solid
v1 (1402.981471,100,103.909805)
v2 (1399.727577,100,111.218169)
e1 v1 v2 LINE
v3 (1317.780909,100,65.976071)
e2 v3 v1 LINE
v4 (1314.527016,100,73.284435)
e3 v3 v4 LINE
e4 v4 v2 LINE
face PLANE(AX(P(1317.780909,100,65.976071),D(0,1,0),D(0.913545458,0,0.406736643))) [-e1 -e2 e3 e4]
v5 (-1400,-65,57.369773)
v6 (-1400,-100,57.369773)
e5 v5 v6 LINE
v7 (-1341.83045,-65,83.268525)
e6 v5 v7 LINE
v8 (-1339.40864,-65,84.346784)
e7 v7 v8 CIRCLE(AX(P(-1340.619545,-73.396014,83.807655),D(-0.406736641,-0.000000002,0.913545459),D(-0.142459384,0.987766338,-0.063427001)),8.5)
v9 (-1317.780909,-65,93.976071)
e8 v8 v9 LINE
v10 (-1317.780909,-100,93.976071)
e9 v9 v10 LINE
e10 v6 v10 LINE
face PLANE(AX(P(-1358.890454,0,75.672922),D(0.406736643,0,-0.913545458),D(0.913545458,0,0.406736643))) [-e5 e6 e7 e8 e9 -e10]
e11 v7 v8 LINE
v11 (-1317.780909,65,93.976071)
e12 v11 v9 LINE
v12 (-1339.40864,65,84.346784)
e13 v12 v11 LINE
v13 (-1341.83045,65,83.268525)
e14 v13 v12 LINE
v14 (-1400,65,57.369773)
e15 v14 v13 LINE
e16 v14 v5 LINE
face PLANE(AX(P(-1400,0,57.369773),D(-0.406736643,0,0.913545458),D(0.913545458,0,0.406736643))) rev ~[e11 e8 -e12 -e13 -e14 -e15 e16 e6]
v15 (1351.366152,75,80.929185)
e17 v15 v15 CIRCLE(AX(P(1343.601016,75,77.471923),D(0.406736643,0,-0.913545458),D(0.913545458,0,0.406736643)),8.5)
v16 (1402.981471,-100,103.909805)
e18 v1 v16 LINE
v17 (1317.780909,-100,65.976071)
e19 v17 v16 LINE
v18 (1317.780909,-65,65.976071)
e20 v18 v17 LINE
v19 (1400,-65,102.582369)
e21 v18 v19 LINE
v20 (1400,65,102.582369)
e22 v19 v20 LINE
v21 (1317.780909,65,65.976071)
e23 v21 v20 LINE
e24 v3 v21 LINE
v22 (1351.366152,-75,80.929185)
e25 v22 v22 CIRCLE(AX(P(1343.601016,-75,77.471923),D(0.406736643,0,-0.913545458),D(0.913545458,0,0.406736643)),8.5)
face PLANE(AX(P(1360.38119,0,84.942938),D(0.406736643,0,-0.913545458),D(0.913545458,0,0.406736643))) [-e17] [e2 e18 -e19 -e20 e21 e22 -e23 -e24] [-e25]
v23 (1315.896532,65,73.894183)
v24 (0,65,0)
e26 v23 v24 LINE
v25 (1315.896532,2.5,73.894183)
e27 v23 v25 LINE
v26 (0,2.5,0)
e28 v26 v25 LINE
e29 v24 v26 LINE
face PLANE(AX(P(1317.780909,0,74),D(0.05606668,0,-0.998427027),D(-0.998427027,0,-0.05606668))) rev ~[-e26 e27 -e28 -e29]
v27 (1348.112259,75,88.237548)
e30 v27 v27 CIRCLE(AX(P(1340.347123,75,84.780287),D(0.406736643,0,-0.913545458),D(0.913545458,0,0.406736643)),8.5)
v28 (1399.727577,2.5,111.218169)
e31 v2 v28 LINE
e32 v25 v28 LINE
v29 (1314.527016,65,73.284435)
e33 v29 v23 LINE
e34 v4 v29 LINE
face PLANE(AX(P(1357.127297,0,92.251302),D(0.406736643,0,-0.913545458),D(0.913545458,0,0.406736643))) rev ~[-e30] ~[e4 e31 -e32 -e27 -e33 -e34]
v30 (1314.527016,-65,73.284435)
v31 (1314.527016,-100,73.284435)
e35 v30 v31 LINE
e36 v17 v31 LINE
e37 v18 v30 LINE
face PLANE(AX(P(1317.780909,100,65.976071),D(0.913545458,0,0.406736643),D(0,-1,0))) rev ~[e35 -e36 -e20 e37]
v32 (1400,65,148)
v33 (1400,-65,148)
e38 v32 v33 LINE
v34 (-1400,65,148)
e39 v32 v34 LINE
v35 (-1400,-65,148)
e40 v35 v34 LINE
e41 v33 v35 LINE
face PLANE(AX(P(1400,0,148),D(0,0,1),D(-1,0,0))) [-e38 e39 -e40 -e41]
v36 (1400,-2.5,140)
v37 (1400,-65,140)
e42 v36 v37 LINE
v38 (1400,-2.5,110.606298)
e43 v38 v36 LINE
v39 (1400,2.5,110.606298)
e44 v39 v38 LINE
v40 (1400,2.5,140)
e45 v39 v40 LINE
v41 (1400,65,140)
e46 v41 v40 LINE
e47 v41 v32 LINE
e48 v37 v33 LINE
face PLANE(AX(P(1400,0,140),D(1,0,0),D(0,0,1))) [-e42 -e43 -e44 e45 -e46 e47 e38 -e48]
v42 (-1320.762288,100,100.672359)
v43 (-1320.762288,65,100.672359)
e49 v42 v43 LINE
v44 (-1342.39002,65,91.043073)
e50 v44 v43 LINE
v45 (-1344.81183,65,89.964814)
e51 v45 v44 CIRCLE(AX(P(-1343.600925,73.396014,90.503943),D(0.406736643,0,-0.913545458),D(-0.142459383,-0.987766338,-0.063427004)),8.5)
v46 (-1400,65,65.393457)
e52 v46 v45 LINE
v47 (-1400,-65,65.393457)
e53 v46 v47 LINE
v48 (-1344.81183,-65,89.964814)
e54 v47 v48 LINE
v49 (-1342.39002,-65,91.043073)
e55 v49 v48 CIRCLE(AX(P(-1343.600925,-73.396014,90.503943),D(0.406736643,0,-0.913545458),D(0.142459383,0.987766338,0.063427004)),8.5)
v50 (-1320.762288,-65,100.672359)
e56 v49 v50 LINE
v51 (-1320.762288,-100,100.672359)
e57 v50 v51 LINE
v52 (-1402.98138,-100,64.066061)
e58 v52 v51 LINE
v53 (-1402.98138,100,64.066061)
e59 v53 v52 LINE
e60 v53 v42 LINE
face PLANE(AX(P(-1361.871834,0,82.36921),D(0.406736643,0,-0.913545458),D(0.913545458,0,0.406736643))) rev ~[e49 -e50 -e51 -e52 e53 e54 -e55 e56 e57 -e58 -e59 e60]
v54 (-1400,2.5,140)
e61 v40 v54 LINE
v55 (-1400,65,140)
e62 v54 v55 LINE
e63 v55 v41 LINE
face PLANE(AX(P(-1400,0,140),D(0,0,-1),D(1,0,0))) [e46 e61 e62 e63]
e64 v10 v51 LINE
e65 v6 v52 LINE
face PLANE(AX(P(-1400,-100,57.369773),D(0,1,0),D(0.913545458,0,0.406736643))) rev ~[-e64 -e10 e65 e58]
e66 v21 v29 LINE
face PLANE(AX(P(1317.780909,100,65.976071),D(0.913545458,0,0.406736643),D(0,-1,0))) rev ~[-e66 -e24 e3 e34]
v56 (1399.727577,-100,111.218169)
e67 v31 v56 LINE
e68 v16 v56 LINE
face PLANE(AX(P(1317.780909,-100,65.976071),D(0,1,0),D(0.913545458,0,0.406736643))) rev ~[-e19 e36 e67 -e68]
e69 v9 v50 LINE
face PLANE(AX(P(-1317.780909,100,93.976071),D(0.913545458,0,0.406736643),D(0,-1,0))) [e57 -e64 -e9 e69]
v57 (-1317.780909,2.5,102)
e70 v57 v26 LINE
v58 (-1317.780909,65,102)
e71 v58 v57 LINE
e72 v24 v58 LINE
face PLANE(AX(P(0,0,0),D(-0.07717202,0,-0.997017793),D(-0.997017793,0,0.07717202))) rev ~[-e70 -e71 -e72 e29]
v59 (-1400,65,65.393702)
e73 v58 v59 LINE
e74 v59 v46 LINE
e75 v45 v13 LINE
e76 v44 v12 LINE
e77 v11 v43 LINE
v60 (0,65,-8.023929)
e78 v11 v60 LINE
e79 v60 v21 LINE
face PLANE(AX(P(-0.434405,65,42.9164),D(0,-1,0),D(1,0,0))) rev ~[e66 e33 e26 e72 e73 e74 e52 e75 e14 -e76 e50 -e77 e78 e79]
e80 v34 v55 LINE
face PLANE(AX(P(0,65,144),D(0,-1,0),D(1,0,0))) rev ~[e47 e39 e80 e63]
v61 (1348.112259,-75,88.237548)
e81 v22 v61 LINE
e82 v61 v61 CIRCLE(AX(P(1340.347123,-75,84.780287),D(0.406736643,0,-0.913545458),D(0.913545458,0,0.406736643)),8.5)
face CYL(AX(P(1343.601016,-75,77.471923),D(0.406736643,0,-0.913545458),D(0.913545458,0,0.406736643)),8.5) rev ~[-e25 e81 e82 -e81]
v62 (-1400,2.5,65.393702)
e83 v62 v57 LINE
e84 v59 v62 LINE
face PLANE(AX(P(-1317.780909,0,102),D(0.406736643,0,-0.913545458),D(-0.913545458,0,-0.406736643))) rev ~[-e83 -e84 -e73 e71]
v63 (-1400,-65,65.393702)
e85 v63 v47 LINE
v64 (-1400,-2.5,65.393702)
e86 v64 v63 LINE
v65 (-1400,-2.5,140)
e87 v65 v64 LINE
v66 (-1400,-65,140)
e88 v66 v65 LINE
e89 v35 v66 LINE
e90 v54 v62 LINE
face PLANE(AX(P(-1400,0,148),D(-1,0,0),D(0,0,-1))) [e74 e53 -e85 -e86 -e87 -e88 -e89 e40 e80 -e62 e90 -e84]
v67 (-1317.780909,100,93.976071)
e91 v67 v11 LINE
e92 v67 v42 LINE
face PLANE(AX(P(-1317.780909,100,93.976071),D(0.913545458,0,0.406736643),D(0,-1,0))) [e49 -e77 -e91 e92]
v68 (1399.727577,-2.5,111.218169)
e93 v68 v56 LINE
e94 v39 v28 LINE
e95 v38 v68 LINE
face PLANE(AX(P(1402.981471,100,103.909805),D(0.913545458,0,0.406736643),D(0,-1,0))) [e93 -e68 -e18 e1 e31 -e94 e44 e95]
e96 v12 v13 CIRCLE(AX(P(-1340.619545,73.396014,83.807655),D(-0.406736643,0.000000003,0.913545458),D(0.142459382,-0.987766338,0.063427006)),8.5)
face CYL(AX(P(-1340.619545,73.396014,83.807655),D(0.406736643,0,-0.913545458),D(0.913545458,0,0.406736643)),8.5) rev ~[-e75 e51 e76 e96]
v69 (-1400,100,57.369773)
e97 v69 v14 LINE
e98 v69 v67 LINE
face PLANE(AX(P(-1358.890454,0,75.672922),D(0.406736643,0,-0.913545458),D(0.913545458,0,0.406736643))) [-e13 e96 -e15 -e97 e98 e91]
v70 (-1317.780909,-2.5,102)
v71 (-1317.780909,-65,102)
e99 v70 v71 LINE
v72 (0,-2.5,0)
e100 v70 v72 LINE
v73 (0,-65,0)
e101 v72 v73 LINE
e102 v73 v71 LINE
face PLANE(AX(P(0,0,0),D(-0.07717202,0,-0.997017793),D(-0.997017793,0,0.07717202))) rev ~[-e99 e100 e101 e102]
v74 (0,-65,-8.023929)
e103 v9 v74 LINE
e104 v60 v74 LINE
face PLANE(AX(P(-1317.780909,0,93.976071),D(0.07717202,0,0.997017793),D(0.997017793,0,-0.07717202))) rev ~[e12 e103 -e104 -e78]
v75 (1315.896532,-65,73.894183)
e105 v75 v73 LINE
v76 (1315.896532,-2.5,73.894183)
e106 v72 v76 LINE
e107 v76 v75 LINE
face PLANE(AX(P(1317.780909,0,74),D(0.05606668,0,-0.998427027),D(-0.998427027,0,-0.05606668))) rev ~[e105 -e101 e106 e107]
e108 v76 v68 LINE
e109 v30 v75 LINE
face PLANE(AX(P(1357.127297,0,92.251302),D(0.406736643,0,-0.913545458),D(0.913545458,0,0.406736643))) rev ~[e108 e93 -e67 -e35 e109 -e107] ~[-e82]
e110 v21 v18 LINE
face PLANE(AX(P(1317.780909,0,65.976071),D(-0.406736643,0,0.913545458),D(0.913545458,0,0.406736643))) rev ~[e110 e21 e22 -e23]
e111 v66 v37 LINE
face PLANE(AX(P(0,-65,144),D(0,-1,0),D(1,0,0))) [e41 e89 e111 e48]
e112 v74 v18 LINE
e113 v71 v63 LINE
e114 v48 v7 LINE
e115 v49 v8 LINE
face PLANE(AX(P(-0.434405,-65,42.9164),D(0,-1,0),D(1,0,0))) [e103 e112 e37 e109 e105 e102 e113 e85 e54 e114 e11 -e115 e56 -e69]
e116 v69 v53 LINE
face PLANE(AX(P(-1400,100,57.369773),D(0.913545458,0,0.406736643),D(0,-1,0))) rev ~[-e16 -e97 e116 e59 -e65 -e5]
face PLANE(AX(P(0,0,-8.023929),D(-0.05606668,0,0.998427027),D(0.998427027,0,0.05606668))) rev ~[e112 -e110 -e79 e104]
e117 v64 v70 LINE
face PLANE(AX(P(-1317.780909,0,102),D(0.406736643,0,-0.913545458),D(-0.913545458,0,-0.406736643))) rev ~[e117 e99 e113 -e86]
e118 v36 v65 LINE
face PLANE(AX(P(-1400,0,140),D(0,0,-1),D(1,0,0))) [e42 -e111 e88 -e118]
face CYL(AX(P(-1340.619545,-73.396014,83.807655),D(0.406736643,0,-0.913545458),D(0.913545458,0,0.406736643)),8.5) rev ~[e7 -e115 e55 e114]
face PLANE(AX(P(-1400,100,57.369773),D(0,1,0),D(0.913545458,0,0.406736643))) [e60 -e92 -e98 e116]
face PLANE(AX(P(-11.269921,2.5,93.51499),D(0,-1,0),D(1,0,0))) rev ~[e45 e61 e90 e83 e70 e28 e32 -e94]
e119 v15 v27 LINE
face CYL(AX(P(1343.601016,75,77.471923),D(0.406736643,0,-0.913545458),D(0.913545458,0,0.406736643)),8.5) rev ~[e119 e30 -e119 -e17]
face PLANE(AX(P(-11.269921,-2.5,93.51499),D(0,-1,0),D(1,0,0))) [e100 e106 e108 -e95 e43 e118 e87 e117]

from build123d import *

# Parameters (mm, degrees)
F1_DEPTH = 2.5
F3_DEPTH = 65
F5_W     = 93.2636259532
F5_H     = 200
F5_R     = 8.5
F6_DEPTH = 8
F7_W     = 90
F7_H     = 200
F7_R     = 8.5
F8_DEPTH = 7.33


with BuildPart() as f1:
    # F0 (on Front) → F1 (new body, symmetric)
    with BuildSketch(Plane.XZ):
        Polygon((1400, 140), (0, 140), (-1400, 140), (-1400, 65.3937021232), (-1317.7809088122, 102), (0, 0), (1317.7809088122, 74), (1400, 110.6062978768), align=None)
    extrude(amount=F1_DEPTH, both=True)

    # F2 (on Front) → F3 (join, symmetric)
    with BuildSketch(Plane.XZ):
        Polygon((1317.7809088122, 74), (0, 0), (-1317.7809088122, 102), (-1400, 65.3937021232), (-1400, 57.3697731049), (-1317.7809088122, 93.9760709817), (0, -8.0239290183), (1317.7809088122, 65.9760709817), (1400, 102.5823688585), (1400, 110.6062978768), align=None)
        Polygon((-1400, 140), (0, 140), (1400, 140), (1400, 148), (0, 148), (-1400, 148), align=None)
    extrude(amount=F3_DEPTH, both=True)

    # F5 (on face) → F6 (join)
    with BuildSketch(Plane(origin=(193.4917972476, 0, -434.5896920669), x_dir=(0.9135454576, 0, 0.4067366431), z_dir=(0.4067366431, 0, -0.9135454576))):
        with Locations((1277.3194620245, 0)):
            Rectangle(F5_W, F5_H)
        with Locations((1258.9512750011, -75)):
            Circle(F5_R, mode=Mode.SUBTRACT)
        with Locations((1258.9512750011, 75)):
            Circle(F5_R, mode=Mode.SUBTRACT)
    extrude(amount=-F6_DEPTH)

    # F7 (on face) → F8 (join)
    with BuildSketch(Plane(origin=(-252.9256005596, 0, 568.0801999188), x_dir=(0.9135454576, 0, 0.4067366431), z_dir=(0.4067366431, 0, -0.9135454576))):
        with Locations((-1210.6292517729, 0)):
            Rectangle(F7_W, F7_H)
        with Locations((-1190.6292517729, -73.3960138768)):
            Circle(F7_R, mode=Mode.SUBTRACT)
        with Locations((-1190.6292517729, 73.3960138768)):
            Circle(F7_R, mode=Mode.SUBTRACT)
    extrude(amount=-F8_DEPTH)


solid = f1.part
